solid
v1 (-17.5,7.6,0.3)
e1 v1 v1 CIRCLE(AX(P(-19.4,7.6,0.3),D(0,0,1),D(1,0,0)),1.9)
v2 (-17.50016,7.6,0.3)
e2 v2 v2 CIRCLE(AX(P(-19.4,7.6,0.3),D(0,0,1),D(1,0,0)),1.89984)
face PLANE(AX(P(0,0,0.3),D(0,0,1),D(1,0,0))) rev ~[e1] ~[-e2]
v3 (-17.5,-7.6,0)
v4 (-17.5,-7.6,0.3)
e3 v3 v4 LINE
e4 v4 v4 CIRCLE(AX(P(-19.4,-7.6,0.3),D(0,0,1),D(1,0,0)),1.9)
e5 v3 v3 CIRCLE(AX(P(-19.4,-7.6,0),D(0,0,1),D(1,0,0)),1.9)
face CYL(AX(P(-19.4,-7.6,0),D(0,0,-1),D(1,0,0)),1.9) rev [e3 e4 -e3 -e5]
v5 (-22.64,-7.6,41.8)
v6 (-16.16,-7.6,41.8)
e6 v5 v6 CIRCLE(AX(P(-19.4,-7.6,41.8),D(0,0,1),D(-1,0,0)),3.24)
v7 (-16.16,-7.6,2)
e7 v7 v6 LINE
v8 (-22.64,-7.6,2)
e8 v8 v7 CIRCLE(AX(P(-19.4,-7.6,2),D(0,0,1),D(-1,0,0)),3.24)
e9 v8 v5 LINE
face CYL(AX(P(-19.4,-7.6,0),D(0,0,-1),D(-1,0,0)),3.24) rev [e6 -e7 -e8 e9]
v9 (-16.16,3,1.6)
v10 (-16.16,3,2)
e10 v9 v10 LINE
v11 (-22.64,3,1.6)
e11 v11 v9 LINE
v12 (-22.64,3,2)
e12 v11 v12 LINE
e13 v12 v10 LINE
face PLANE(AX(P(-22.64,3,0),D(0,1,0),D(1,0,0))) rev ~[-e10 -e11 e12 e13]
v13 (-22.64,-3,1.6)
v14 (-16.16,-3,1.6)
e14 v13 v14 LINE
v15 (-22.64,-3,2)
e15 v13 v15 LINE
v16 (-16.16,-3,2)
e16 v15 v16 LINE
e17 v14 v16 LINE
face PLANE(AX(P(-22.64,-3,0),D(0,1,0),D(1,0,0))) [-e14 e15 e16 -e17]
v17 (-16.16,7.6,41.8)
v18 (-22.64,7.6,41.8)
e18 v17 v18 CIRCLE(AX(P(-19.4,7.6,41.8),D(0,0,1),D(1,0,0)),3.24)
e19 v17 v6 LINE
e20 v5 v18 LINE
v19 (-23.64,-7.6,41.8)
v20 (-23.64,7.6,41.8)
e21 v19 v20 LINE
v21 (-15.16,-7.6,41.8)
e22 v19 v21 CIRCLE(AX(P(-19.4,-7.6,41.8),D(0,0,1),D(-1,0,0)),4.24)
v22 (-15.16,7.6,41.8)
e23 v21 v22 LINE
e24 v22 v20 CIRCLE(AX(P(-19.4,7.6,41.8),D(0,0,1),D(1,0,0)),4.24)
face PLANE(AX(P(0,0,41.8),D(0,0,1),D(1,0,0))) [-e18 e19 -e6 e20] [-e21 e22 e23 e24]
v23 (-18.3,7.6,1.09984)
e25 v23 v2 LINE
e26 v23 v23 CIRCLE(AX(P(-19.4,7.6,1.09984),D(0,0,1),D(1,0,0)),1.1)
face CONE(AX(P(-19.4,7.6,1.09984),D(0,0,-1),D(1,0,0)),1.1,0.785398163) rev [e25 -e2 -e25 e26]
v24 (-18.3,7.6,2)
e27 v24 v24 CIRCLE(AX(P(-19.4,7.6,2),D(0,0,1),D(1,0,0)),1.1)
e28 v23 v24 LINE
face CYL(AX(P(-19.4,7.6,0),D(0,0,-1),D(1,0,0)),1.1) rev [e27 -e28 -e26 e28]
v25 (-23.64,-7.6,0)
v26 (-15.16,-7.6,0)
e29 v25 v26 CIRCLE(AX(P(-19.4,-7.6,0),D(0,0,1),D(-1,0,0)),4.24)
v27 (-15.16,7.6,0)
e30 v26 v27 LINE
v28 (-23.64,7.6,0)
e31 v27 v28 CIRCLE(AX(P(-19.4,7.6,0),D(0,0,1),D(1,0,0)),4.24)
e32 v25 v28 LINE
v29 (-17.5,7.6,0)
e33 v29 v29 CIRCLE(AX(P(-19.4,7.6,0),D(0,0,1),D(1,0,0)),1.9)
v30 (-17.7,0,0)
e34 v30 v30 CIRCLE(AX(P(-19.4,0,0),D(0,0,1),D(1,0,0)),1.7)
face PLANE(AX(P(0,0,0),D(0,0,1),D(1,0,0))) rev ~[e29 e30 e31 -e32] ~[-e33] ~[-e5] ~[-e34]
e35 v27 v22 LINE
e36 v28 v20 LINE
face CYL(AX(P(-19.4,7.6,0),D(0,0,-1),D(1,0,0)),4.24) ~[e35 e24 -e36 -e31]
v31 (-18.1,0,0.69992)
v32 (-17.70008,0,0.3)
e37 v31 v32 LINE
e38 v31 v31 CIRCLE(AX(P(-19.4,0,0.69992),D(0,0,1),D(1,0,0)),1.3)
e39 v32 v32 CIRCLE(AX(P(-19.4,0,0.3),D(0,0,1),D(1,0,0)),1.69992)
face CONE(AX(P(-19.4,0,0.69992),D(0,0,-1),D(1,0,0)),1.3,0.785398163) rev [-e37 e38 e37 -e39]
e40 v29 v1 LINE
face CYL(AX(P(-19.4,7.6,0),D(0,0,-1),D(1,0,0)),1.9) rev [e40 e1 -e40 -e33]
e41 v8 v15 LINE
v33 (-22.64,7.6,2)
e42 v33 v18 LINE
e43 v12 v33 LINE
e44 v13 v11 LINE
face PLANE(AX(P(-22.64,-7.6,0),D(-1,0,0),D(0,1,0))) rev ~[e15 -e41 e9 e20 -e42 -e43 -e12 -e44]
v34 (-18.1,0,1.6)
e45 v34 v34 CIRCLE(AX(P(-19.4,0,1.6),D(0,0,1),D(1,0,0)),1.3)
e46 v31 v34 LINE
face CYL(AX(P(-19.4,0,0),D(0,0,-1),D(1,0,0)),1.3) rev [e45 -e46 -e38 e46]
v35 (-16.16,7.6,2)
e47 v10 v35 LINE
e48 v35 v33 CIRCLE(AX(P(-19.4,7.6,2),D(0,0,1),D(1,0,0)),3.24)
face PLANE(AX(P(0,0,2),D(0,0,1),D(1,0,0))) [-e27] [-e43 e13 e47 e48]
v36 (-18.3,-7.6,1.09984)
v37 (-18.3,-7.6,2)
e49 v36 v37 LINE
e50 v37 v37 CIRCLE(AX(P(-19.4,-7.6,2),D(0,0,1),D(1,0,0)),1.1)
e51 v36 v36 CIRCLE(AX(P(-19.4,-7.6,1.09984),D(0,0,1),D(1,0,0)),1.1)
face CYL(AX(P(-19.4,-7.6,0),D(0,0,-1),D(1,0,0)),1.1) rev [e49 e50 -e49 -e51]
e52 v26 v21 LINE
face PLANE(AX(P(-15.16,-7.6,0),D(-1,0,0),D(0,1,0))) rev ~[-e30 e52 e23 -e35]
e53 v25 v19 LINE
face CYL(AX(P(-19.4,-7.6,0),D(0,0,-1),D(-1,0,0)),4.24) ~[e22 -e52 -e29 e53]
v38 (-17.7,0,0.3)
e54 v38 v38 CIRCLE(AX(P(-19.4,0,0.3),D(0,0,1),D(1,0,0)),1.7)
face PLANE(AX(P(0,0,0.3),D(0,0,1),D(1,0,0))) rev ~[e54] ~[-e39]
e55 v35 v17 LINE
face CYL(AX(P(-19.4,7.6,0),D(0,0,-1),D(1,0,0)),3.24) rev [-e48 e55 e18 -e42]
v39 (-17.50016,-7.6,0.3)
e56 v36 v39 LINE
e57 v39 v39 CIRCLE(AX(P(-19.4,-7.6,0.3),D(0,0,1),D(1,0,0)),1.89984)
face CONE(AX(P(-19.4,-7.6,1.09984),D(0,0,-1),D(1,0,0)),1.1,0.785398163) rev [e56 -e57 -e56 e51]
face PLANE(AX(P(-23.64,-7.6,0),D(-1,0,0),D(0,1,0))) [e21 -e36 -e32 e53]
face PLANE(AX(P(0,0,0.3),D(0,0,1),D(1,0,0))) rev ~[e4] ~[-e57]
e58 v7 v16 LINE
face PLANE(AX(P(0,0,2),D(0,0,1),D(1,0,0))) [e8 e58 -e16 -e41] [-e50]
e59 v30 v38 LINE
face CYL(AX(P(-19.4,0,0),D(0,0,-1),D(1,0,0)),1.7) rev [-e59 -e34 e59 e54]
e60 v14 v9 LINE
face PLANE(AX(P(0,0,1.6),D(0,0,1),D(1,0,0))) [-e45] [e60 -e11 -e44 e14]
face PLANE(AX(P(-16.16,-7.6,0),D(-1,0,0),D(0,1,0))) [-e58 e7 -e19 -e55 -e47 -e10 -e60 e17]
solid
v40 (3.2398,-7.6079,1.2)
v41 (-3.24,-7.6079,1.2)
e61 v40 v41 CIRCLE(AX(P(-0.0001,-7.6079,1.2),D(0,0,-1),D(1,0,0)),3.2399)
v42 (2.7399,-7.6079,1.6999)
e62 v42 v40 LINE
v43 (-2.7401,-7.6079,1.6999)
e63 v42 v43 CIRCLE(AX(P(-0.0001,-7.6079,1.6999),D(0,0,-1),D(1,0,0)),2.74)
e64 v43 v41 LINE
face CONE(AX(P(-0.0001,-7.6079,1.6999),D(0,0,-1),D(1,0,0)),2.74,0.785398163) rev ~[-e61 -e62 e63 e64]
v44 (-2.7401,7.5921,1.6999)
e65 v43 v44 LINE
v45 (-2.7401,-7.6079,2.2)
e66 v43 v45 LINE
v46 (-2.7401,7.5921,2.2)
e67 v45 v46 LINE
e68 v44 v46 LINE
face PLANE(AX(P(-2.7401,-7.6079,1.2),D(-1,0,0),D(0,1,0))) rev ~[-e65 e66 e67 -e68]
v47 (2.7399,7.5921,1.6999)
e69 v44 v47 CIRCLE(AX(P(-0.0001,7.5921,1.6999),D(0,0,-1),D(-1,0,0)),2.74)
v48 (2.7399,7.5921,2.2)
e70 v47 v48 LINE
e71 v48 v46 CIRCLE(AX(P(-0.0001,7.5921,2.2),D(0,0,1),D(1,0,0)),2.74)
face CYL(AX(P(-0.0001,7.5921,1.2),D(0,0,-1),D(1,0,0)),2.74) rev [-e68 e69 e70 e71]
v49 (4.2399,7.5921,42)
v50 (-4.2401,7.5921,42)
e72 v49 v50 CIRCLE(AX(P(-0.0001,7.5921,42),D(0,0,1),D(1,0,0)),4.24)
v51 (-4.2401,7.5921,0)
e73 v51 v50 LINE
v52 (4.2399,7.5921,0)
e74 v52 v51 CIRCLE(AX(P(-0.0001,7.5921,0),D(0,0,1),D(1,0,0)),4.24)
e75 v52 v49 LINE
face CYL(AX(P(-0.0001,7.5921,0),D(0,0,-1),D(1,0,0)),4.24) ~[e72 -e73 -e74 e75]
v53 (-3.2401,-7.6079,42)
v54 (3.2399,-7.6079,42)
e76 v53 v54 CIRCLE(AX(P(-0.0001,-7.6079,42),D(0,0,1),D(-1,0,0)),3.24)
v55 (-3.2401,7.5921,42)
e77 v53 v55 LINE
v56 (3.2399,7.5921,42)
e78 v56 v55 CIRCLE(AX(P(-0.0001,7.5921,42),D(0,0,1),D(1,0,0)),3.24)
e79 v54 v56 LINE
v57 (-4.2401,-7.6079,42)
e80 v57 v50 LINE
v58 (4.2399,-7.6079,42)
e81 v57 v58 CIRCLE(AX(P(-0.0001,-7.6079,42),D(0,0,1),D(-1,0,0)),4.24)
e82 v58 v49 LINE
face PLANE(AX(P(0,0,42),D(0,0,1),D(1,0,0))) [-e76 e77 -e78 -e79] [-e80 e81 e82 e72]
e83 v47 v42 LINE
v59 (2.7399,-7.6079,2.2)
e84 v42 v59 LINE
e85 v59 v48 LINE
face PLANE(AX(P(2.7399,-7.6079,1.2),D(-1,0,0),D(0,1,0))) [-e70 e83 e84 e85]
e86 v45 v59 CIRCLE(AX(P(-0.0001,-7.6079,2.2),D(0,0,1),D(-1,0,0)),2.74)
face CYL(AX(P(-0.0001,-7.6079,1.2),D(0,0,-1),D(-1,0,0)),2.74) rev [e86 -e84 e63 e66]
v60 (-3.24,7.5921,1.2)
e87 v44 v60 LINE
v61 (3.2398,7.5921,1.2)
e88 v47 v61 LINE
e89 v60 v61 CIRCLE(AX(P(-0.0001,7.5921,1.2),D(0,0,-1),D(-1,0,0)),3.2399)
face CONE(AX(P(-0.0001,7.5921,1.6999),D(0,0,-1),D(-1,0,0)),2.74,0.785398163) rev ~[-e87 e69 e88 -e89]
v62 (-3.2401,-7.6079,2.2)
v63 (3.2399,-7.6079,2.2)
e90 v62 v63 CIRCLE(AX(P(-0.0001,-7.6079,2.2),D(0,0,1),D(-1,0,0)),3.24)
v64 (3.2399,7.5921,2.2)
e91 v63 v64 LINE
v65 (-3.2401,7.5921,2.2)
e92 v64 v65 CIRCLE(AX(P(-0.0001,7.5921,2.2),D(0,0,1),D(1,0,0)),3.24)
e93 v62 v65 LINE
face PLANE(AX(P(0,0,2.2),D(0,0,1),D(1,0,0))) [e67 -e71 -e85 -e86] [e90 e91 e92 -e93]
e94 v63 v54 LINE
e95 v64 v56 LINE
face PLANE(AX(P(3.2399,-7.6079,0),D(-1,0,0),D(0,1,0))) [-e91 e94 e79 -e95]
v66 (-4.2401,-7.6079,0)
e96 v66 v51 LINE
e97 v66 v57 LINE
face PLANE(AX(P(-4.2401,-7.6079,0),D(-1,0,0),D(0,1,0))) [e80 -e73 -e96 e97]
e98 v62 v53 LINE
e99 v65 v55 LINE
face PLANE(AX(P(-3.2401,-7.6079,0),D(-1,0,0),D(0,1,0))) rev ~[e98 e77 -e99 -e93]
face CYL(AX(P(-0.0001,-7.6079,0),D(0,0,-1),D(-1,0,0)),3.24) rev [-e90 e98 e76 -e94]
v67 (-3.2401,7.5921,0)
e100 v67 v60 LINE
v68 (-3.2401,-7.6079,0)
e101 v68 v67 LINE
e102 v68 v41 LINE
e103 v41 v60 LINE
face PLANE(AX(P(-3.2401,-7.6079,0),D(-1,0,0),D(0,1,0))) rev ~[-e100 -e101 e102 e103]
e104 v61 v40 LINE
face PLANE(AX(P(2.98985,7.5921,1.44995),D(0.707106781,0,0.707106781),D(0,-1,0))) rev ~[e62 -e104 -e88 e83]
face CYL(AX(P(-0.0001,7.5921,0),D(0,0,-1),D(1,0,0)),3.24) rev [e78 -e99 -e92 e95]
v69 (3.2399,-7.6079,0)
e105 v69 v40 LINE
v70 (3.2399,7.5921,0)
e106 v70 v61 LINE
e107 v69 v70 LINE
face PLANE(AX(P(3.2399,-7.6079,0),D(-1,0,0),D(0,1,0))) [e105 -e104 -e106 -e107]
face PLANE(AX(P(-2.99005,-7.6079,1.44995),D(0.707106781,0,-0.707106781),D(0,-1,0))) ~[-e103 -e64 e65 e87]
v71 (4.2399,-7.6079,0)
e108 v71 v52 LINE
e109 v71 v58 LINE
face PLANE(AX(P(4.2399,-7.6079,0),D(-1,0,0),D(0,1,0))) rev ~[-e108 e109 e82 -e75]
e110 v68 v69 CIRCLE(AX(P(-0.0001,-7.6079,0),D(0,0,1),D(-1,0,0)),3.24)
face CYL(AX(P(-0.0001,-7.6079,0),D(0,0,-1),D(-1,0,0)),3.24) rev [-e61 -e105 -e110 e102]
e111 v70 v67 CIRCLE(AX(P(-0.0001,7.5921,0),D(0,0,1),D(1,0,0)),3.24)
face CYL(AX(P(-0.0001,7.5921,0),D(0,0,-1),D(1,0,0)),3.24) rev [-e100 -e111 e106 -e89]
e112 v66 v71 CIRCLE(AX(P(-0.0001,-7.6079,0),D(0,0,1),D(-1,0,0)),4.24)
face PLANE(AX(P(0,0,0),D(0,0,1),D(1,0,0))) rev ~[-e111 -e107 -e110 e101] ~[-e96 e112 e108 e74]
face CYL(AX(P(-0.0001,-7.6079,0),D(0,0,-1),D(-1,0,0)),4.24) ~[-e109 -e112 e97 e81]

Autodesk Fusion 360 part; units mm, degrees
sketch "shuffle-cover" plane through (0, 0, 0) normal (0, 0, 1) x (1, 0, 0)
  circle A0 centre (-0.0001, 7.5921) radius 1.1 construction
  line L0 (-3.2401, 2.9921) -> (3.2399, 2.9921) construction
  line L1 (-2.7401, -7.6079) -> (-2.7401, 7.5921)
  arc A1 (3.2399, 7.5921) -> (-3.2401, 7.5921) centre (-0.0001, 7.5921) ccw
  line L2 (3.2399, -7.6079) -> (3.2399, 7.5921)
  arc A2 (-2.7401, -7.6079) -> (2.7399, -7.6079) centre (-0.0001, -7.6079) ccw
  circle A3 centre (-0.0001, -0.0079) radius 1.7 construction
  arc A4 (-3.2401, -7.6079) -> (3.2399, -7.6079) centre (-0.0001, -7.6079) ccw
  circle A5 centre (-0.0001, 7.5921) radius 1.9 construction
  line L3 (2.7399, -7.6079) -> (2.7399, 7.5921)
  line L4 (-3.2401, -7.6079) -> (-3.2401, 7.5921)
  arc A6 (2.7399, 7.5921) -> (-2.7401, 7.5921) centre (-0.0001, 7.5921) ccw
  circle A7 centre (-0.0001, -7.6079) radius 1.9 construction
  circle A8 centre (-0.0001, -7.6079) radius 1.1 construction
  circle A9 centre (-0.0001, -0.0079) radius 1.3 construction
  line L5 (-3.2401, -3.0079) -> (3.2399, -3.0079) construction
  line L6 (-23.64, -7.6) -> (-23.64, 7.6)
  circle A10 centre (-19.4, -7.6) radius 1.9
  arc A11 (-15.16, 7.6) -> (-23.64, 7.6) centre (-19.4, 7.6) ccw
  circle A12 centre (-19.4, 7.6) radius 1.1
  line L7 (-22.64, -3) -> (-16.16, -3)
  arc A13 (-23.64, -7.6) -> (-15.16, -7.6) centre (-19.4, -7.6) ccw
  arc A14 (-16.16, 7.6) -> (-22.64, 7.6) centre (-19.4, 7.6) ccw
  line L8 (-22.64, -7.6) -> (-22.64, 7.6)
  arc A15 (-22.64, -7.6) -> (-16.16, -7.6) centre (-19.4, -7.6) ccw
  circle A16 centre (-19.4, 0) radius 1.3
  circle A17 centre (-19.4, 0) radius 1.7
  line L9 (-16.16, -7.6) -> (-16.16, 7.6)
  circle A18 centre (-19.4, 7.6) radius 1.9
  line L10 (-15.16, -7.6) -> (-15.16, 7.6)
  circle A19 centre (-19.4, -7.6) radius 1.1
  line L11 (-22.64, 3) -> (-16.16, 3)
  arc A20 (4.2399, 7.5921) -> (-4.2401, 7.5921) centre (-0.0001, 7.5921) ccw
  line L12 (-4.2401, -7.6079) -> (-4.2401, 7.5921)
  arc A21 (-4.2401, -7.6079) -> (4.2399, -7.6079) centre (-0.0001, -7.6079) ccw
  line L13 (4.2399, -7.6079) -> (4.2399, 7.5921)
  point P0 (-0.0001, -0.0079)
  point P1 (-0.0001, -0.0079)
  point P2 (-19.4, 0)
  point P3 (-19.4, 0)
  dimension "d1" = 2.6
  dimension "d2" = 3.8
  dimension "d3" = 2.2
  dimension "d4" = 3.8
  dimension "d5" = 2.2
  dimension "d6" = 3.4
  dimension "d7" = 2.6
  dimension "d8" = 3.8
  dimension "d9" = 2.2
  dimension "d10" = 3.8
  dimension "d11" = 2.2
  dimension "d12" = 3.4
extrude "Extrude36" add sketch "shuffle-cover" along normal blind 2 contours A10 | L7 L8 A15 L9 | A14 L8 L9 L11 | A18 makes body 1 at (-19.4274, -4.1677, 0) makes body 2 at (-19.3726, 4.1677, 0)
extrude "Extrude37" add sketch "shuffle-cover" along normal blind 1.6 contours L7 L8 L9 L11 | A17 bodies 1 2
extrude "Extrude38" add sketch "shuffle-cover" along normal blind 41.8 contours L6 A11 A13 L10 bodies 1
extrude "Extrude39" cut sketch "shuffle-cover" along normal blind 0.3 contours A10 | A17 | A18 bodies 1
chamfer "Chamfer19" distance 0.8 angle 45 2 edges at (-19.7978, -8.6256, 0.3) (-19.7978, 6.5744, 0.3) measured on face at (-18.3055, -7.7095, 0.8667) measured on face at (-19.6979, 8.6589, 0.8667) on bodies 1
chamfer "Chamfer20" distance 0.4 angle 45 1 edges at (-19.8701, -1.212, 0.3) measured on face at (-18.1065, -0.1294, 0.7333) on bodies 1
extrude "Extrude40" add sketch "shuffle-cover" along normal blind 1 from surface at 1.2 separate body contours A1 L2 A4 L4 makes body 3
chamfer "Chamfer21" distance 0.5 angle 45 4 edges at (-2.7401, -0.0079, 1.2) (-0.0001, 10.3321, 1.2) (2.7399, -0.0079, 1.2) (-0.0001, -10.3479, 1.2) measured on face at (-2.7401, -2.5412, 1.5333) measured on face at (-2.7367, 7.7287, 1.8667) measured on face at (2.7399, 2.5254, 1.8667) measured on face at (2.5746, -8.545, 1.8667) on bodies 3
extrude "Extrude41" add sketch "shuffle-cover" along normal blind 42 contours A20 L12 A21 L13 bodies 3
